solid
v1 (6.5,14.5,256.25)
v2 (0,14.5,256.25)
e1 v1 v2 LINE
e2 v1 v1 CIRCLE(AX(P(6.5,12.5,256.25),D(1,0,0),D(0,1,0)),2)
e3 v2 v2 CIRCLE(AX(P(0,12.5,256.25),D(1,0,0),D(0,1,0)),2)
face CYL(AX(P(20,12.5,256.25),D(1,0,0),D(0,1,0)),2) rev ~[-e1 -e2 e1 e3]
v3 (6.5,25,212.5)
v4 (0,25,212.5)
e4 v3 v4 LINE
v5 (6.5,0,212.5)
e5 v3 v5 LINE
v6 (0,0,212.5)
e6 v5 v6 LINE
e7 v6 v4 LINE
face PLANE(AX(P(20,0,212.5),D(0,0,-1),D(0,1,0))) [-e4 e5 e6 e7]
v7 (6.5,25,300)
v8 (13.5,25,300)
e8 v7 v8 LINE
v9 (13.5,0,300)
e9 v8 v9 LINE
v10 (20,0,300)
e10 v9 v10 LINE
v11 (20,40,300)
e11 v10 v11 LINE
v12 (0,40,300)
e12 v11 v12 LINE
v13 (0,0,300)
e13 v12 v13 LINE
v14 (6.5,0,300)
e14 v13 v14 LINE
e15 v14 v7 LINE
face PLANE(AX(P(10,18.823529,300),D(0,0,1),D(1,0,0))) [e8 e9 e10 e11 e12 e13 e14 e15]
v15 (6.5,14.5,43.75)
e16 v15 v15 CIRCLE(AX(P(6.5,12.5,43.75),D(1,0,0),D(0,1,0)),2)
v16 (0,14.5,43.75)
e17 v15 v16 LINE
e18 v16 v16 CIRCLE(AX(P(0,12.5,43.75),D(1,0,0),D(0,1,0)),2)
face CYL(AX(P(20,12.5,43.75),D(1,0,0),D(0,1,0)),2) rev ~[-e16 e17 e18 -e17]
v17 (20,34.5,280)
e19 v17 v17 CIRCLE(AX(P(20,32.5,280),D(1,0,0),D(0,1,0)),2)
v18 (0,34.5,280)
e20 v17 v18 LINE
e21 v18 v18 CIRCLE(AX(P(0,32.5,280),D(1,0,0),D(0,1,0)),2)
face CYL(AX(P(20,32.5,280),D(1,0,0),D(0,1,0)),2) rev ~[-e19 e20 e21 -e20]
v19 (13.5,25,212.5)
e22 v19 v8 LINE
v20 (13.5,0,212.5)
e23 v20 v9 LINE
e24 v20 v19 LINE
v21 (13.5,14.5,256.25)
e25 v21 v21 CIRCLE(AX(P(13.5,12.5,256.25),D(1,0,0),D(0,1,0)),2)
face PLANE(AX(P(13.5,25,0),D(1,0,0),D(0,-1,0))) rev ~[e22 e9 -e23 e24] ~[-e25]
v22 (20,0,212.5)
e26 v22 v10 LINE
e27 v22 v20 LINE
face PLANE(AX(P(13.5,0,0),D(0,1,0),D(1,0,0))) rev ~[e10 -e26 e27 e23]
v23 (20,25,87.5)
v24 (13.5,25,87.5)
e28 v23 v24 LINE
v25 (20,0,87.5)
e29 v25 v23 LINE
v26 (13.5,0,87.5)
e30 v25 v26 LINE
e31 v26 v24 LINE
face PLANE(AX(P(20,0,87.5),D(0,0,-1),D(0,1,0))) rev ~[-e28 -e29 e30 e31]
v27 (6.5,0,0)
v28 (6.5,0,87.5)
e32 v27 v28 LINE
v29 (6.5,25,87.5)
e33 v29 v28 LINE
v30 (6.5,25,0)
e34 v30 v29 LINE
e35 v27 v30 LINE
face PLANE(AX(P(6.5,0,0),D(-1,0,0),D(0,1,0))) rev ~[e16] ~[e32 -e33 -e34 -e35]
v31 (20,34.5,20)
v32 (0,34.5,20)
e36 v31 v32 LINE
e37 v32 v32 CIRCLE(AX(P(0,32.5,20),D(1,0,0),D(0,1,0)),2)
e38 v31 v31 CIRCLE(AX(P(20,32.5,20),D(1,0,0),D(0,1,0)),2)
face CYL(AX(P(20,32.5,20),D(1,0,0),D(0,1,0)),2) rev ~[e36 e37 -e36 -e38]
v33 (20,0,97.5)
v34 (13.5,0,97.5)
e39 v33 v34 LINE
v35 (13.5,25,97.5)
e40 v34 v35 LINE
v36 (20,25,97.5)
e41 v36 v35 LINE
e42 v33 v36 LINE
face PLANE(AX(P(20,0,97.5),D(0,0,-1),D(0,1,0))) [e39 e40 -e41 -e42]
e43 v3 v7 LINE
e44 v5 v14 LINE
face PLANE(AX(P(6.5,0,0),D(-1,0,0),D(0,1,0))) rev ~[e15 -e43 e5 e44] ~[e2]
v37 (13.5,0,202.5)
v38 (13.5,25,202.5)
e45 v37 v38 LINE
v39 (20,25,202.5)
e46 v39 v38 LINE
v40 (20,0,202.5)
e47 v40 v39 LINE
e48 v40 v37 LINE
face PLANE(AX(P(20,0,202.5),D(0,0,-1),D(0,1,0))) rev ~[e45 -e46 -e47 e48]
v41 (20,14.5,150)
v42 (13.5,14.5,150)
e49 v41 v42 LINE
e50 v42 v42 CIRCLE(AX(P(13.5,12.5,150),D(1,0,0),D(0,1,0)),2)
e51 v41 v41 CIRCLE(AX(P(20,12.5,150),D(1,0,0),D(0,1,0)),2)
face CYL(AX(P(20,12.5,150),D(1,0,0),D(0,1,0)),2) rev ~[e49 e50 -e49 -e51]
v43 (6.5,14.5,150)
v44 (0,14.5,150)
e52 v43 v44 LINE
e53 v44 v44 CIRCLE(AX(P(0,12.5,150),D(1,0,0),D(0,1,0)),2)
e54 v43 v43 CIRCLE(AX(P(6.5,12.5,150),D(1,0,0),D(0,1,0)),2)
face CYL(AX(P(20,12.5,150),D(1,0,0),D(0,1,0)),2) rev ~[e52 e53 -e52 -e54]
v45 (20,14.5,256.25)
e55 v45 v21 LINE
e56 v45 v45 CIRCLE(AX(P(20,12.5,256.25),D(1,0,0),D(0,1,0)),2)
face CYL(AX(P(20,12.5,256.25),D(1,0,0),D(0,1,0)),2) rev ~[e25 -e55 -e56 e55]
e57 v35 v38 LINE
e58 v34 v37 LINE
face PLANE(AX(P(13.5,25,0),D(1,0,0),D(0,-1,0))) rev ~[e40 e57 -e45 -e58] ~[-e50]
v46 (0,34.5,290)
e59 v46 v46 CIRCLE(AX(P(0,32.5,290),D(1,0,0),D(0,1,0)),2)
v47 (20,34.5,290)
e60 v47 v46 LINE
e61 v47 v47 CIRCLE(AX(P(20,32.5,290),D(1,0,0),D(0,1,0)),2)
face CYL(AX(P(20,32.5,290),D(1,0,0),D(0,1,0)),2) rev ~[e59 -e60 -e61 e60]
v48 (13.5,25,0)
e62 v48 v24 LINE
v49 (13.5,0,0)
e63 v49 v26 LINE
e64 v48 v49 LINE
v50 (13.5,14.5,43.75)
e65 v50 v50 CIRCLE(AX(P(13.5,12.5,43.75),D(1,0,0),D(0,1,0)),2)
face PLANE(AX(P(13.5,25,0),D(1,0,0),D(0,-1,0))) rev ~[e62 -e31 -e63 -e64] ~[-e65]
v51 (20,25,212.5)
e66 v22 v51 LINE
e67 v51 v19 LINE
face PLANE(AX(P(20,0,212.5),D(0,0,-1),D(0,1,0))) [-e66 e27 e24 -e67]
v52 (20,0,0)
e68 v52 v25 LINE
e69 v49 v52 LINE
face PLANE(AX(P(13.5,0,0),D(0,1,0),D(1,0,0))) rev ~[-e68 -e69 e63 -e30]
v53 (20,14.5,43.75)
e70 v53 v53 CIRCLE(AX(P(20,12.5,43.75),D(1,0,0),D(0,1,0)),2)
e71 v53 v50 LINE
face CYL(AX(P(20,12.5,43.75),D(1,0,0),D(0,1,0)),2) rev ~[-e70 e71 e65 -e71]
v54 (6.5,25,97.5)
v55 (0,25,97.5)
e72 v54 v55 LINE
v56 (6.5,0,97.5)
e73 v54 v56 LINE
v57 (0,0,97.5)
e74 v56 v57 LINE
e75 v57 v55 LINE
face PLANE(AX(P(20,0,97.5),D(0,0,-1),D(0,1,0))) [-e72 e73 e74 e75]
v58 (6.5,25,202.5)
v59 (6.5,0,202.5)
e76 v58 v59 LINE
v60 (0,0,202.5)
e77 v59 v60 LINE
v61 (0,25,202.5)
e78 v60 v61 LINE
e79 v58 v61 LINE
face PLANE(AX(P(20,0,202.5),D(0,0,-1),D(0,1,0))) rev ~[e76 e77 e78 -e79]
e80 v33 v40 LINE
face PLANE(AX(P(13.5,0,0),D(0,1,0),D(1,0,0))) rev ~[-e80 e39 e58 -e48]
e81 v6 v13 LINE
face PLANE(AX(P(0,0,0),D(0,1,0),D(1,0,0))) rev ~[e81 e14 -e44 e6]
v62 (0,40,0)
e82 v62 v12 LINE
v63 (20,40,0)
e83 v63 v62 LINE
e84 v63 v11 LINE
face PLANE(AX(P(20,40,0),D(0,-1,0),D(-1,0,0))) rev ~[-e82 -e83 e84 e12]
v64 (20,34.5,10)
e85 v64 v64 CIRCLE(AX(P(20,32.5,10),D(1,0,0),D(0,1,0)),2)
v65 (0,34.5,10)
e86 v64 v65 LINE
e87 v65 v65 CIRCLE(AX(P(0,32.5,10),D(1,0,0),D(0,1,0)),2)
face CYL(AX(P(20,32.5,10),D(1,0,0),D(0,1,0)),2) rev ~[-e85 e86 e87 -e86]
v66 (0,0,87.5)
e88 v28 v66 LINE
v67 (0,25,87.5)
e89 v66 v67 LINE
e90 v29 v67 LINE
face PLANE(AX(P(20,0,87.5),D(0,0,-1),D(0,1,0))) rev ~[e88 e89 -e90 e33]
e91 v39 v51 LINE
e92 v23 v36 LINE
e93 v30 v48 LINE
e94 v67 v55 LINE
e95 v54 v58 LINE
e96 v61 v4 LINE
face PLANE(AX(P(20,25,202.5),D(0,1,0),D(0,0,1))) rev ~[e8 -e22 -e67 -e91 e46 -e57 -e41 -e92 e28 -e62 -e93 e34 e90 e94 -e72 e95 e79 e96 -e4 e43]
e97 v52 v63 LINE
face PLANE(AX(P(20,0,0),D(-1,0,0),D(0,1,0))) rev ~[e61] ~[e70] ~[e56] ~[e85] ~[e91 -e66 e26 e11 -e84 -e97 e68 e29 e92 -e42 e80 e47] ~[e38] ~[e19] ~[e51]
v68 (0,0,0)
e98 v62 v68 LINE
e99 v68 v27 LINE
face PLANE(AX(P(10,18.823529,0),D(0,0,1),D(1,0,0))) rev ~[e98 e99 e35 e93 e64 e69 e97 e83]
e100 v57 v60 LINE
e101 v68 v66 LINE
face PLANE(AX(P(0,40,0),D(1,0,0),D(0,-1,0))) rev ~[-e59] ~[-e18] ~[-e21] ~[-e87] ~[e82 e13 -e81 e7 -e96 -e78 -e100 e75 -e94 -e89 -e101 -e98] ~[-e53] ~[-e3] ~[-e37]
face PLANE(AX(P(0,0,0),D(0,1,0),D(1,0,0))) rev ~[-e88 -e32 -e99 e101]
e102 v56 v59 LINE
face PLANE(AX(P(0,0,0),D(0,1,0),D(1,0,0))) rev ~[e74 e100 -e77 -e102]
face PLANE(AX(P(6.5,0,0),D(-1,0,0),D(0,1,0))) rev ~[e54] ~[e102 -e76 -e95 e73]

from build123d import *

# Parameters (mm, degrees)
F1_DEPTH = 300
F2_W     = 25
F2_H     = 10
F2_R     = 2
F3_DEPTH = 20.001


with BuildPart() as f1:
    # F0 (on Top) → F1 (new body)
    with BuildSketch(Plane.XY):
        Polygon((20, 40), (0, 40), (0, 0), (6.5, 0), (6.5, 25), (13.5, 25), (13.5, 0), (20, 0), align=None)
    extrude(amount=F1_DEPTH)

    # F2 (on face) → F3 (cut, through all)
    with BuildSketch(Plane.YZ.offset(20)):
        with Locations((12.5, 207.5)):
            Rectangle(F2_W, F2_H)
        with Locations((12.5, 92.5)):
            Rectangle(F2_W, F2_H)
        with Locations((12.5, 256.25)):
            Circle(F2_R)
        with Locations((32.5, 280)):
            Circle(F2_R)
        with Locations((32.5, 290)):
            Circle(F2_R)
        with Locations((12.5, 150)):
            Circle(F2_R)
        with Locations((12.5, 43.75)):
            Circle(F2_R)
        with Locations((32.5, 20)):
            Circle(F2_R)
        with Locations((32.5, 10)):
            Circle(F2_R)
    extrude(amount=-F3_DEPTH, mode=Mode.SUBTRACT)


solid = f1.part
